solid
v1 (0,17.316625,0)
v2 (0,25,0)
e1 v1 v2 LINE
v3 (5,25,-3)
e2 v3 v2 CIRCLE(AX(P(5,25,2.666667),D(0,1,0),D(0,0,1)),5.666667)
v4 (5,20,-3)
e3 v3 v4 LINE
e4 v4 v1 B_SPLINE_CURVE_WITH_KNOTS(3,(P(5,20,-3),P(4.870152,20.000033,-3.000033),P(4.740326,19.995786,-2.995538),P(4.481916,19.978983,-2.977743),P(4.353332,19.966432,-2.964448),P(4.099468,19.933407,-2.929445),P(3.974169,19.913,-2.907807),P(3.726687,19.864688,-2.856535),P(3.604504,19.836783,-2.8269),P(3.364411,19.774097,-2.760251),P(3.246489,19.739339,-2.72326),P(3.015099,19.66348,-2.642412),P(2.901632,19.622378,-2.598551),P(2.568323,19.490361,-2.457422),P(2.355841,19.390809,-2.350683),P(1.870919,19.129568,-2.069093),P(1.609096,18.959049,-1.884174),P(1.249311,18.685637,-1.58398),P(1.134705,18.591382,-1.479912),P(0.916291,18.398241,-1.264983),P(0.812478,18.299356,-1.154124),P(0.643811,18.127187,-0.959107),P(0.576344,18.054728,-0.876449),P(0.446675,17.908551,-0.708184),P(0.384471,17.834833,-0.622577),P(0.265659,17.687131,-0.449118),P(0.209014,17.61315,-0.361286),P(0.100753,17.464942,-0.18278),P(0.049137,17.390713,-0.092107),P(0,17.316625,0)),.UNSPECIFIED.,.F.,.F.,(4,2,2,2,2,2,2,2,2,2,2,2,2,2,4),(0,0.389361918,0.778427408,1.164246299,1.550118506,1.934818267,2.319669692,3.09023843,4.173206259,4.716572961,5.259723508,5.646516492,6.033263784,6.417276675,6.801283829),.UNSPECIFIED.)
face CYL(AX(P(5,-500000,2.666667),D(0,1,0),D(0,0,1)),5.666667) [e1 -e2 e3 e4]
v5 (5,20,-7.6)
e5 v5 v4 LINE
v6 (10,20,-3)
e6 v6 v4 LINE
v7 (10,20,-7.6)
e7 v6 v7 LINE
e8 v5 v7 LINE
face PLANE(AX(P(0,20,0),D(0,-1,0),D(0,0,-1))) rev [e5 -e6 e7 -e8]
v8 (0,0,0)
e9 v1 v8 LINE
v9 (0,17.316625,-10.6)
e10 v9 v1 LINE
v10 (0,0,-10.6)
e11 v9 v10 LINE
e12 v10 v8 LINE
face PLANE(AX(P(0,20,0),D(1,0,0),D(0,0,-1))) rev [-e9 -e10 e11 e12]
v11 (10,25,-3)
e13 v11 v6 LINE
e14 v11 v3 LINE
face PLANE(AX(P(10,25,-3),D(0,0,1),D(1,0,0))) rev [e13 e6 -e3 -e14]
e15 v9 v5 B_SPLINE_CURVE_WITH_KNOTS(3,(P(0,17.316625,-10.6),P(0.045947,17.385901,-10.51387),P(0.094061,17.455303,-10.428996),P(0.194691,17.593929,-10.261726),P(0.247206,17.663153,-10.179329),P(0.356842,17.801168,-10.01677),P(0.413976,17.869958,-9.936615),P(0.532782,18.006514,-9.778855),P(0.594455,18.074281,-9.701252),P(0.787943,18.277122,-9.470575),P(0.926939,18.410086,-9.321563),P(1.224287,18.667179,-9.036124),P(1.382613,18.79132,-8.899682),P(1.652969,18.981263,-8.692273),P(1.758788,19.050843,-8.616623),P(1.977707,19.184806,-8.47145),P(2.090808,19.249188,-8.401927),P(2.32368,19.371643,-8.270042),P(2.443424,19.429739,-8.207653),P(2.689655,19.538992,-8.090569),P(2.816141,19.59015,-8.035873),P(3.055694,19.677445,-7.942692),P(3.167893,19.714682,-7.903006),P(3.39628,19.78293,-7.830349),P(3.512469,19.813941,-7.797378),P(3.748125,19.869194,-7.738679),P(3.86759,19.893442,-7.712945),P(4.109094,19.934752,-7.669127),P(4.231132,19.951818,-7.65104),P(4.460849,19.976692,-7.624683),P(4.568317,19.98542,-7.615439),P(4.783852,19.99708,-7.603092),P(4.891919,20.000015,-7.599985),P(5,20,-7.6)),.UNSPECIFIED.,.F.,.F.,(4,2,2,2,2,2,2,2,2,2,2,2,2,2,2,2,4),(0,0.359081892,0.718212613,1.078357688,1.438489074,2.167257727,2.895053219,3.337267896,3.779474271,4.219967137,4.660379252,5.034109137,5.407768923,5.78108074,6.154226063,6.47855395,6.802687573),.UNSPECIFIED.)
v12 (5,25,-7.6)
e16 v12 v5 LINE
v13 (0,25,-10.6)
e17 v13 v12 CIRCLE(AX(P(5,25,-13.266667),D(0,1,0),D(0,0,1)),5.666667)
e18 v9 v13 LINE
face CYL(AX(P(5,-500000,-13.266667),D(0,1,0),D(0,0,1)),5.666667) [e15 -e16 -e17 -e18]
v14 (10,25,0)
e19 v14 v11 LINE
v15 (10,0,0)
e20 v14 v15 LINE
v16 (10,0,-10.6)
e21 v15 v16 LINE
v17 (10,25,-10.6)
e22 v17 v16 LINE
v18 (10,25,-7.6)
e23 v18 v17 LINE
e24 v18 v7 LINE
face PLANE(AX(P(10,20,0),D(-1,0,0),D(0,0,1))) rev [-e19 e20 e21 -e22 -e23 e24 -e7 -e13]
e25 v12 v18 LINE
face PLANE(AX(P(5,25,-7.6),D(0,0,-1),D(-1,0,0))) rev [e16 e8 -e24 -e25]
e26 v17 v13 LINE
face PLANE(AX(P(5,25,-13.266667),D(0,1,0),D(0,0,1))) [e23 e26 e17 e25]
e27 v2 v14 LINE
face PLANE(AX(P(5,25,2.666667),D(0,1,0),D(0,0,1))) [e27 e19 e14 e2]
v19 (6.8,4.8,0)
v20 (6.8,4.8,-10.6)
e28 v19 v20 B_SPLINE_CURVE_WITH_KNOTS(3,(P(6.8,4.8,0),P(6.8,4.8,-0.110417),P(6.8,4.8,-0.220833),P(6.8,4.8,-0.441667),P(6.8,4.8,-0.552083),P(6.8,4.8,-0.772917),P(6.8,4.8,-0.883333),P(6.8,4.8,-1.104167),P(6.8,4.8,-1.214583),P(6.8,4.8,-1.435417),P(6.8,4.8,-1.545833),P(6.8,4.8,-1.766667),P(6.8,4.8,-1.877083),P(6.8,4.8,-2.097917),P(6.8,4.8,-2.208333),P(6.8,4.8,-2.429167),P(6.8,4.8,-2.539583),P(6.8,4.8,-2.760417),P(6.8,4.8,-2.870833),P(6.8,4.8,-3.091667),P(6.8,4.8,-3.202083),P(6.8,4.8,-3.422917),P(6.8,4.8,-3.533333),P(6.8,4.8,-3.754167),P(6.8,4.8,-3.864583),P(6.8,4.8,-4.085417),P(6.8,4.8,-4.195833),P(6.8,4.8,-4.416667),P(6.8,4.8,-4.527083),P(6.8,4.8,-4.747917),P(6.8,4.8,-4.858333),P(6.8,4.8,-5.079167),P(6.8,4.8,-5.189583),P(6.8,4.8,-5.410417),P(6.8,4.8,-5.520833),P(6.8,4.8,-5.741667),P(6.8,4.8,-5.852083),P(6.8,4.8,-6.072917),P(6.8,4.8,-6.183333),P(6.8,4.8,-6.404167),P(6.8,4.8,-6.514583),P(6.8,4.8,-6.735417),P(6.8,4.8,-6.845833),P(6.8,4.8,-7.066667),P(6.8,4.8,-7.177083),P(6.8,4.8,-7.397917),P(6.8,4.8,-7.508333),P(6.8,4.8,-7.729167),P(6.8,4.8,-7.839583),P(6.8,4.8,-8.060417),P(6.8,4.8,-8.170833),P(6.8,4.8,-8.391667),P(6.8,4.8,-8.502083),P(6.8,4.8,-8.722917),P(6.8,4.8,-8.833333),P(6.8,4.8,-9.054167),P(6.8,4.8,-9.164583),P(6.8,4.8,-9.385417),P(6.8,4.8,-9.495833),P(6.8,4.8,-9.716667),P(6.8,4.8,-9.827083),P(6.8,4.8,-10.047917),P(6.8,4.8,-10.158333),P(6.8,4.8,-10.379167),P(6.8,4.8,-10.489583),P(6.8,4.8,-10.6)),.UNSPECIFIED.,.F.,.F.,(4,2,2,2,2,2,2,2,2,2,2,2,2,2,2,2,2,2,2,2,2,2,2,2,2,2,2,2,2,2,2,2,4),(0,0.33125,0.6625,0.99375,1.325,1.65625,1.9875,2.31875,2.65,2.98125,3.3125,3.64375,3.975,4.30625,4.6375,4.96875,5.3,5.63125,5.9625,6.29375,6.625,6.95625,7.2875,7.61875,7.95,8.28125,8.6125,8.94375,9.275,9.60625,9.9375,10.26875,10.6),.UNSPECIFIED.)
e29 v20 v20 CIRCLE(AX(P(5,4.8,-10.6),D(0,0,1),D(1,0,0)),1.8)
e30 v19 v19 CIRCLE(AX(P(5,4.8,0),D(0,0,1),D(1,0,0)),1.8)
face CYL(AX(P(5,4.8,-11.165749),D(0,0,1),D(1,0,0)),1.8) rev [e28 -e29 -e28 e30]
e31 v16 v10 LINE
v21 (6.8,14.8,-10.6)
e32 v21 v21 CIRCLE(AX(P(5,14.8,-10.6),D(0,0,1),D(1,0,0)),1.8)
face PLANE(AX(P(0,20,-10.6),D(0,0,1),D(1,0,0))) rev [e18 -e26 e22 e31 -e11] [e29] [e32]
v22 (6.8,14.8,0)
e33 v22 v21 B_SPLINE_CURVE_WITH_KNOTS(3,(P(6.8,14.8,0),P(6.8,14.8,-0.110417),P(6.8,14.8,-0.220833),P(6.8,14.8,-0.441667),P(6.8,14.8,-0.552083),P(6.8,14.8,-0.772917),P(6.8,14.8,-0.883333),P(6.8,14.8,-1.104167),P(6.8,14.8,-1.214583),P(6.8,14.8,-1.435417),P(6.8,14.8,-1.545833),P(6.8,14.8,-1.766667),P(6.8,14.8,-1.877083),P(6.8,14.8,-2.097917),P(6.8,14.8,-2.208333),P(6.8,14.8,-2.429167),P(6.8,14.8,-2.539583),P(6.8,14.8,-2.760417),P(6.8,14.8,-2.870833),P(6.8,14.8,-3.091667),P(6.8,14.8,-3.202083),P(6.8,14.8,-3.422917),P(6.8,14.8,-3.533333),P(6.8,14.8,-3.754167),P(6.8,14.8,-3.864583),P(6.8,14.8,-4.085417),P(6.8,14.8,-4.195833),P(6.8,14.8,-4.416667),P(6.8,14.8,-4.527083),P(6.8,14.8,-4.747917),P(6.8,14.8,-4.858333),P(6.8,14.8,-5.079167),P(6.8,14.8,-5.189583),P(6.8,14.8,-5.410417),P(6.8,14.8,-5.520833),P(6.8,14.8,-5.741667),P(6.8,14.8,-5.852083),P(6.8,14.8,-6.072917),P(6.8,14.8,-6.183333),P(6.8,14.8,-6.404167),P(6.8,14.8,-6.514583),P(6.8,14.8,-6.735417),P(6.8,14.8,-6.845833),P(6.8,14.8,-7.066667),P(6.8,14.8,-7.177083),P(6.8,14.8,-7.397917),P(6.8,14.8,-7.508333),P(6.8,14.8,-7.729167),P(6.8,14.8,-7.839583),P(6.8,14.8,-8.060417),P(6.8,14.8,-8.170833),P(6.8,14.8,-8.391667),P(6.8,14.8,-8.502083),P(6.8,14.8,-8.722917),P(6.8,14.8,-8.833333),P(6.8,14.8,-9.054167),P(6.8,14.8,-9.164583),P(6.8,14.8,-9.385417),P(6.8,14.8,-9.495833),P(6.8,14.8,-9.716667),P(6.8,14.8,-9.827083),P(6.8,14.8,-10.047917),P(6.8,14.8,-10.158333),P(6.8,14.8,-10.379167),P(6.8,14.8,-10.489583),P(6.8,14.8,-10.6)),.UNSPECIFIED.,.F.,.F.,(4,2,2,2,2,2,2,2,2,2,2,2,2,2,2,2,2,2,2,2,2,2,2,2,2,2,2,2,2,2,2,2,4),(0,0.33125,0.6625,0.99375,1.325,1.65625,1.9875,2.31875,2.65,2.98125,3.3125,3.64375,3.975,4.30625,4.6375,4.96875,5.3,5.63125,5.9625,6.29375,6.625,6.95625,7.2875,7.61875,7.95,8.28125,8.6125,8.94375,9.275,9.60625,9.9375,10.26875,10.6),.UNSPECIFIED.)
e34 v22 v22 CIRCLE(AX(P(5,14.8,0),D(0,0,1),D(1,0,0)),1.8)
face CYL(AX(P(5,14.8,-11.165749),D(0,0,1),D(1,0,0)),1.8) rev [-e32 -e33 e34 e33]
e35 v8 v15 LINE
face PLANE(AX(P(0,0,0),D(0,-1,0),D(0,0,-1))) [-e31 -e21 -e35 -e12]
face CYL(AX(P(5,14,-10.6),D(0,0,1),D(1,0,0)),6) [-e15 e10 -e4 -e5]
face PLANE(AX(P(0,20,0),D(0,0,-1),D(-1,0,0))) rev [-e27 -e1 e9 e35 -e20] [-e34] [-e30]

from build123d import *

# Parameters (mm, degrees)
SKETCH1_W                       = 10
SKETCH1_H                       = 10.6
BOSS_EXTRUDE1_DEPTH             = 20
CUT_EXTRUDE1_DEPTH              = 25.745908753
BOSS_EXTRUDE2_DEPTH             = 5
BOSS_EXTRUDE2_DIRECTION_2_REACH = 26.746
SKETCH5_R                       = 1.8
CUT_EXTRUDE2_DEPTH              = 29.937173447


with BuildPart() as part:
    # Sketch1 → Boss-Extrude1 (new body)
    with BuildSketch(Plane(origin=(0, 0, 0), x_dir=(1, 0, 0), z_dir=(0, 1, 0))):
        with Locations((5, 5.3)):
            Rectangle(SKETCH1_W, SKETCH1_H)
    extrude(amount=BOSS_EXTRUDE1_DEPTH)

    # Sketch3 → Cut-Extrude1 (cut, through all)
    with BuildSketch(Plane.XY):
        with BuildLine():
            Line((0, 17.31662479), (0, 20))
            Line((0, 20), (5, 20))
            ThreePointArc((5, 20), (2.162725669, 19.286764074), (0, 17.31662479))
        make_face()
    extrude(amount=-CUT_EXTRUDE1_DEPTH, mode=Mode.SUBTRACT)

    # Sketch4 → Boss-Extrude2 (add)
    with BuildSketch(Plane(origin=(0, 20, 0), x_dir=(1, 0, 0), z_dir=(0, 1, 0))):
        with BuildLine():
            Line((10, 10.6), (0, 10.6))
            ThreePointArc((0, 10.6), (2.084524053, 8.407540088), (5, 7.6))
            Line((5, 7.6), (10, 7.6))
            Line((10, 7.6), (10, 10.6))
        make_face()
        with BuildLine():
            Line((0, 0), (10, 0))
            Line((10, 0), (10, 3))
            Line((10, 3), (5, 3))
            ThreePointArc((5, 3), (2.084524053, 2.192459912), (0, 0))
        make_face()
    extrude(amount=BOSS_EXTRUDE2_DEPTH)

    # Sketch4 → Boss-Extrude2 direction 2 (add, up to next)
    with BuildSketch(Plane(origin=(0, 20, 0), x_dir=(1, 0, 0), z_dir=(0, 1, 0)), mode=Mode.PRIVATE) as boss_extrude2_direction_2_sk1:
        with BuildLine():
            Line((10, 10.6), (0, 10.6))
            ThreePointArc((0, 10.6), (2.084524053, 8.407540088), (5, 7.6))
            Line((5, 7.6), (10, 7.6))
            Line((10, 7.6), (10, 10.6))
        make_face()
    boss_extrude2_direction_2_tool1 = extrude(boss_extrude2_direction_2_sk1.sketch, amount=-BOSS_EXTRUDE2_DIRECTION_2_REACH, mode=Mode.PRIVATE) - part.part
    # Sketch4 → Boss-Extrude2 direction 2 (add, up to next)
    with BuildSketch(Plane(origin=(0, 20, 0), x_dir=(1, 0, 0), z_dir=(0, 1, 0)), mode=Mode.PRIVATE) as boss_extrude2_direction_2_sk2:
        with BuildLine():
            Line((0, 0), (10, 0))
            Line((10, 0), (10, 3))
            Line((10, 3), (5, 3))
            ThreePointArc((5, 3), (2.084524053, 2.192459912), (0, 0))
        make_face()
    boss_extrude2_direction_2_tool2 = extrude(boss_extrude2_direction_2_sk2.sketch, amount=-BOSS_EXTRUDE2_DIRECTION_2_REACH, mode=Mode.PRIVATE) - part.part
    add(boss_extrude2_direction_2_tool1.solids().sort_by_distance((5.642353, 20, -9.211407))[0])
    add(boss_extrude2_direction_2_tool2.solids().sort_by_distance((5.642353, 20, -1.388593))[0])

    # Sketch5 → Cut-Extrude2 (cut, through all)
    with BuildSketch(Plane.XY):
        with Locations((5, 14.8)):
            Circle(SKETCH5_R)
        with Locations((5, 4.8)):
            Circle(SKETCH5_R)
    extrude(amount=-CUT_EXTRUDE2_DEPTH, mode=Mode.SUBTRACT)


solid = part.part
